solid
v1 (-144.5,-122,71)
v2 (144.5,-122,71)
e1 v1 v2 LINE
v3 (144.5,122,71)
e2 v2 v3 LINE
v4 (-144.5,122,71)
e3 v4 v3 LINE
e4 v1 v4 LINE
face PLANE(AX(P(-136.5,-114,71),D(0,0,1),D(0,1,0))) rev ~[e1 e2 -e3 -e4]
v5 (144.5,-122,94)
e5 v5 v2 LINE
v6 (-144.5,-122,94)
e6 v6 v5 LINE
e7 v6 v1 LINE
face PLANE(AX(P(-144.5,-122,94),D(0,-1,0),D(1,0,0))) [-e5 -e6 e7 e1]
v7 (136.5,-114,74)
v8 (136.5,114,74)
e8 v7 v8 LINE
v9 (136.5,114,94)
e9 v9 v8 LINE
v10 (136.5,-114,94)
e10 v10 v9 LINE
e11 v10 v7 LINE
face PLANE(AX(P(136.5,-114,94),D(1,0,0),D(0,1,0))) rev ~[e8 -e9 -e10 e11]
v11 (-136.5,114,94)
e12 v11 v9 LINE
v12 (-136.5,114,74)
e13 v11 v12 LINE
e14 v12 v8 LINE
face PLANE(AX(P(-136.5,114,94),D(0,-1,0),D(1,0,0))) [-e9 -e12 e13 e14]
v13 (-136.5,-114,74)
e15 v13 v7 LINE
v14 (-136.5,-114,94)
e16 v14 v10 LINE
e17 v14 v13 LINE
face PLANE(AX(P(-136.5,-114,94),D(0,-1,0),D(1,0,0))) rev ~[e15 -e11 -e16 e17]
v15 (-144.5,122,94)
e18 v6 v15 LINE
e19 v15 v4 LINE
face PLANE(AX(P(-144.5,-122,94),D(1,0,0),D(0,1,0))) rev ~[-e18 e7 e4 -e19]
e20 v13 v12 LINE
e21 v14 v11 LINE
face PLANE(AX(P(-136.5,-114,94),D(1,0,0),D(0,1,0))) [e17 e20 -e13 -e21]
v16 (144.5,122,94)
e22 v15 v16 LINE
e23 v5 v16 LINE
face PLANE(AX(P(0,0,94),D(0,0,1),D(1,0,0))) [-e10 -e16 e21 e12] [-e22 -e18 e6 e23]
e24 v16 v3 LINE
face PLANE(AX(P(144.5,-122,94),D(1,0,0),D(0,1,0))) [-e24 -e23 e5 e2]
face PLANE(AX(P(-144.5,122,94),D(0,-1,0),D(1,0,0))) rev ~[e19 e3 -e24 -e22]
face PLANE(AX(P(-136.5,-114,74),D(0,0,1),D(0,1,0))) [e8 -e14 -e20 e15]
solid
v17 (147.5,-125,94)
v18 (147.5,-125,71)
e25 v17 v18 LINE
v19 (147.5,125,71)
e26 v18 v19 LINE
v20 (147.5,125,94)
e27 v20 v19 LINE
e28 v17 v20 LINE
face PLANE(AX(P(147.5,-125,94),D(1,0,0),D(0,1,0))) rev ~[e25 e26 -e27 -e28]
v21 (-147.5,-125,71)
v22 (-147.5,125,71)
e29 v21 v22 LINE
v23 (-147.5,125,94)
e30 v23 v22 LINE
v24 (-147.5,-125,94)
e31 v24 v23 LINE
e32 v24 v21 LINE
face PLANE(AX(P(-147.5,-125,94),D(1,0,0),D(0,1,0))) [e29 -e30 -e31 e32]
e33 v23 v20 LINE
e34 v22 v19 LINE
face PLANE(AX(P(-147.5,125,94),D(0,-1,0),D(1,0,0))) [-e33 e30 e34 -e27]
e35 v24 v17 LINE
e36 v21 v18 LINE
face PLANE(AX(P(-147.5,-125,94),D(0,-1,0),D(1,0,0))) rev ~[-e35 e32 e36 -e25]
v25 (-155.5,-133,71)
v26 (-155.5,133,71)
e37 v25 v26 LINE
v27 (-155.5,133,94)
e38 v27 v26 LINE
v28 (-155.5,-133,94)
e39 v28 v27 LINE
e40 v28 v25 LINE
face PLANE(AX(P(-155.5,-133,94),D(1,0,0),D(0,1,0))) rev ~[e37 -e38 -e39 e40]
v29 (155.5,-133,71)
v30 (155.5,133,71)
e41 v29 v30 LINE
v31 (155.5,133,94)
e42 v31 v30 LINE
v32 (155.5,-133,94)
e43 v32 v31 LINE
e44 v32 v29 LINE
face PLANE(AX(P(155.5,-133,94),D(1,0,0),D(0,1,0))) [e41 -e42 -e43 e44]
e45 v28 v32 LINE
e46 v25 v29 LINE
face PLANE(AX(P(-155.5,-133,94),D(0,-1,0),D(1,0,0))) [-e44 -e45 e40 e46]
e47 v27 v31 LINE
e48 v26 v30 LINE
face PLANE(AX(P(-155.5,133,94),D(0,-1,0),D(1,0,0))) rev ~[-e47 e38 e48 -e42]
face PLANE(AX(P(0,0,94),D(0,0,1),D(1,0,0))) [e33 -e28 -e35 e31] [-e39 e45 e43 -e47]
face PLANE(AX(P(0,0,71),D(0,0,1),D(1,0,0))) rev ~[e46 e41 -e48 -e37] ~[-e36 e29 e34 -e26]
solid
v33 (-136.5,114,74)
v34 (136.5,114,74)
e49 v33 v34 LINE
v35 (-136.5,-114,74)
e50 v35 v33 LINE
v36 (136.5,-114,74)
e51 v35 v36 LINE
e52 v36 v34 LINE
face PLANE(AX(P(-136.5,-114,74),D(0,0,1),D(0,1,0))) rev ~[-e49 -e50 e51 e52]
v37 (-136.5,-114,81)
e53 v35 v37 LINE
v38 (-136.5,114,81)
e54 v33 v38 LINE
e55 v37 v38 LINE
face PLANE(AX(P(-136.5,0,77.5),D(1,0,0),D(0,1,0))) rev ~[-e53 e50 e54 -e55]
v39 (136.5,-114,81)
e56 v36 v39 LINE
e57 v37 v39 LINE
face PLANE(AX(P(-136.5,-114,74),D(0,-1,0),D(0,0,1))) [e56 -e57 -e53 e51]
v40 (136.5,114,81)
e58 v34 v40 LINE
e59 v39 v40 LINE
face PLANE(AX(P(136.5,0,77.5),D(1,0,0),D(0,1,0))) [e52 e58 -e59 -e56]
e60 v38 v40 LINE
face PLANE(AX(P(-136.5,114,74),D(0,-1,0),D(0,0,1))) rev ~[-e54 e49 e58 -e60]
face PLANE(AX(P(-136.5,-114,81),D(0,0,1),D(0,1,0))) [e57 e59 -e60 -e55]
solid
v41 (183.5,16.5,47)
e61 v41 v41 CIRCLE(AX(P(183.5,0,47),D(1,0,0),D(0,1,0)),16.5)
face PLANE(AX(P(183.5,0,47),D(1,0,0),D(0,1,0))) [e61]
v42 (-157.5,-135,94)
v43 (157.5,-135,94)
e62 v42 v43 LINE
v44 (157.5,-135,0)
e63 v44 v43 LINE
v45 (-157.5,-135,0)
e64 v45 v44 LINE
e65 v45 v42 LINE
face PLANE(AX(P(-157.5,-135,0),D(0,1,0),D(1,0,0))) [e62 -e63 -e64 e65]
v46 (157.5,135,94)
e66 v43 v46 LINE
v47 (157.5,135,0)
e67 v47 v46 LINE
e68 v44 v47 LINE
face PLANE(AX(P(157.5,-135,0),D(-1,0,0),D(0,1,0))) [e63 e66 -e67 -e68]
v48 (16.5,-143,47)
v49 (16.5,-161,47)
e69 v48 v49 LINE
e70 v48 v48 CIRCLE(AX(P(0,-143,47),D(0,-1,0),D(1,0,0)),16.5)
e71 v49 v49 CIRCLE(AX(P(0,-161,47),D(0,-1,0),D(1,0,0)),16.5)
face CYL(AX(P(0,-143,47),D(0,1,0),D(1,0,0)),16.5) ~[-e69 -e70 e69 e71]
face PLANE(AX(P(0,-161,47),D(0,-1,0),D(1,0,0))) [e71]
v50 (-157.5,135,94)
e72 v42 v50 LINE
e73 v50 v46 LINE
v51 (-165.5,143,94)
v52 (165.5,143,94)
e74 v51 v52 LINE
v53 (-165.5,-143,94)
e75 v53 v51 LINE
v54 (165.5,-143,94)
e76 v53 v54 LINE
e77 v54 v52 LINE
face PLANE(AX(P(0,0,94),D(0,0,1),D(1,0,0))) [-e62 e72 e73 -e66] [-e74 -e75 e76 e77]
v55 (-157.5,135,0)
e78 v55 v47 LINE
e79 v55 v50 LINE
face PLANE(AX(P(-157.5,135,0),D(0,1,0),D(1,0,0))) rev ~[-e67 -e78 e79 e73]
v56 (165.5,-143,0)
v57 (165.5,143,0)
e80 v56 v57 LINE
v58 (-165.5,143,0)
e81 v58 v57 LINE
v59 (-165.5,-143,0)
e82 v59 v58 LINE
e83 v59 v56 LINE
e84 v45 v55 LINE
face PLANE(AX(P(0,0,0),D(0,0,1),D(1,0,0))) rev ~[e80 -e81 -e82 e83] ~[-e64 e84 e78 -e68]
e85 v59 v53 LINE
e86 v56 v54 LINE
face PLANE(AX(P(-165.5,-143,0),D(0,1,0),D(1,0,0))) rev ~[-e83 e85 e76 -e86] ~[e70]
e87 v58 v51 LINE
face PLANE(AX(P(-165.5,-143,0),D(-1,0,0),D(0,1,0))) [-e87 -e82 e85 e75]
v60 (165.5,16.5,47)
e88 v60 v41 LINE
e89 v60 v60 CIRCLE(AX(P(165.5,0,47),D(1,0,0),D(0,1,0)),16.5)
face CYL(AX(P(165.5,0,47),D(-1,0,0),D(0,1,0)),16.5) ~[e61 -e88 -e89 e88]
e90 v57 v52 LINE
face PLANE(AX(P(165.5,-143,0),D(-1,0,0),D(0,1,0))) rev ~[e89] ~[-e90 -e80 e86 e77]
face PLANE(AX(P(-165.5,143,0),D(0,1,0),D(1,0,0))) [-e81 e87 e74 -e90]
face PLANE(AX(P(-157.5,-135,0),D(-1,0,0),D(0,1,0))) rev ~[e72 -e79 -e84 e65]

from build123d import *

# Parameters (mm, degrees)
F0_W      = 331
F0_H      = 286
F0_W_2    = 315
F0_H_2    = 270
F1_DEPTH  = 94
F2_R      = 16.5
F3_DEPTH  = 18
F4_R      = 16.5
F5_DEPTH  = 18
F6_W      = 311
F6_H      = 266
F6_W_2    = 295
F6_H_2    = 250
F6_W_3    = 289
F6_H_3    = 244
F6_W_4    = 273
F6_H_4    = 228
F7_DEPTH  = 23
F8_W      = 228
F8_H      = 3
F9_DEPTH  = 273
F10_W     = 228
F10_H     = 7
F11_DEPTH = 273


with BuildPart() as f1:
    # F0 (on Top) → F1 (new body)
    with BuildSketch(Plane.XY):
        Rectangle(F0_W, F0_H)
        Rectangle(F0_W_2, F0_H_2, mode=Mode.SUBTRACT)
    extrude(amount=F1_DEPTH)

    # F2 (on face) → F3 (join)
    with BuildSketch(Plane.YZ.offset(165.5)):
        with Locations((0, 47)):
            Circle(F2_R)
    extrude(amount=F3_DEPTH)

    # F4 (on face) → F5 (join)
    with BuildSketch(Plane.XZ.offset(143)):
        with Locations((0, 47)):
            Circle(F4_R)
    extrude(amount=F5_DEPTH)


with BuildPart() as f7:
    # F6 (on face) → F7 (new body)
    with BuildSketch(Plane.XY.offset(94)):
        Rectangle(F6_W, F6_H)
        Rectangle(F6_W_2, F6_H_2, mode=Mode.SUBTRACT)
        Rectangle(F6_W_3, F6_H_3)
        Rectangle(F6_W_4, F6_H_4, mode=Mode.SUBTRACT)
    extrude(amount=-F7_DEPTH)

    # F8 (on face) → F9 (join, through all)
    with BuildSketch(Plane.YZ.offset(-136.5)):
        with Locations((0, 72.5)):
            Rectangle(F8_W, F8_H)
    extrude(amount=F9_DEPTH)


with BuildPart() as f11:
    # F10 (on face) → F11 (new body, through all)
    with BuildSketch(Plane.YZ.offset(-136.5)):
        with Locations((0, 77.5)):
            Rectangle(F10_W, F10_H)
    extrude(amount=F11_DEPTH)


solid = Compound([f1.part, f7.part, f11.part])
